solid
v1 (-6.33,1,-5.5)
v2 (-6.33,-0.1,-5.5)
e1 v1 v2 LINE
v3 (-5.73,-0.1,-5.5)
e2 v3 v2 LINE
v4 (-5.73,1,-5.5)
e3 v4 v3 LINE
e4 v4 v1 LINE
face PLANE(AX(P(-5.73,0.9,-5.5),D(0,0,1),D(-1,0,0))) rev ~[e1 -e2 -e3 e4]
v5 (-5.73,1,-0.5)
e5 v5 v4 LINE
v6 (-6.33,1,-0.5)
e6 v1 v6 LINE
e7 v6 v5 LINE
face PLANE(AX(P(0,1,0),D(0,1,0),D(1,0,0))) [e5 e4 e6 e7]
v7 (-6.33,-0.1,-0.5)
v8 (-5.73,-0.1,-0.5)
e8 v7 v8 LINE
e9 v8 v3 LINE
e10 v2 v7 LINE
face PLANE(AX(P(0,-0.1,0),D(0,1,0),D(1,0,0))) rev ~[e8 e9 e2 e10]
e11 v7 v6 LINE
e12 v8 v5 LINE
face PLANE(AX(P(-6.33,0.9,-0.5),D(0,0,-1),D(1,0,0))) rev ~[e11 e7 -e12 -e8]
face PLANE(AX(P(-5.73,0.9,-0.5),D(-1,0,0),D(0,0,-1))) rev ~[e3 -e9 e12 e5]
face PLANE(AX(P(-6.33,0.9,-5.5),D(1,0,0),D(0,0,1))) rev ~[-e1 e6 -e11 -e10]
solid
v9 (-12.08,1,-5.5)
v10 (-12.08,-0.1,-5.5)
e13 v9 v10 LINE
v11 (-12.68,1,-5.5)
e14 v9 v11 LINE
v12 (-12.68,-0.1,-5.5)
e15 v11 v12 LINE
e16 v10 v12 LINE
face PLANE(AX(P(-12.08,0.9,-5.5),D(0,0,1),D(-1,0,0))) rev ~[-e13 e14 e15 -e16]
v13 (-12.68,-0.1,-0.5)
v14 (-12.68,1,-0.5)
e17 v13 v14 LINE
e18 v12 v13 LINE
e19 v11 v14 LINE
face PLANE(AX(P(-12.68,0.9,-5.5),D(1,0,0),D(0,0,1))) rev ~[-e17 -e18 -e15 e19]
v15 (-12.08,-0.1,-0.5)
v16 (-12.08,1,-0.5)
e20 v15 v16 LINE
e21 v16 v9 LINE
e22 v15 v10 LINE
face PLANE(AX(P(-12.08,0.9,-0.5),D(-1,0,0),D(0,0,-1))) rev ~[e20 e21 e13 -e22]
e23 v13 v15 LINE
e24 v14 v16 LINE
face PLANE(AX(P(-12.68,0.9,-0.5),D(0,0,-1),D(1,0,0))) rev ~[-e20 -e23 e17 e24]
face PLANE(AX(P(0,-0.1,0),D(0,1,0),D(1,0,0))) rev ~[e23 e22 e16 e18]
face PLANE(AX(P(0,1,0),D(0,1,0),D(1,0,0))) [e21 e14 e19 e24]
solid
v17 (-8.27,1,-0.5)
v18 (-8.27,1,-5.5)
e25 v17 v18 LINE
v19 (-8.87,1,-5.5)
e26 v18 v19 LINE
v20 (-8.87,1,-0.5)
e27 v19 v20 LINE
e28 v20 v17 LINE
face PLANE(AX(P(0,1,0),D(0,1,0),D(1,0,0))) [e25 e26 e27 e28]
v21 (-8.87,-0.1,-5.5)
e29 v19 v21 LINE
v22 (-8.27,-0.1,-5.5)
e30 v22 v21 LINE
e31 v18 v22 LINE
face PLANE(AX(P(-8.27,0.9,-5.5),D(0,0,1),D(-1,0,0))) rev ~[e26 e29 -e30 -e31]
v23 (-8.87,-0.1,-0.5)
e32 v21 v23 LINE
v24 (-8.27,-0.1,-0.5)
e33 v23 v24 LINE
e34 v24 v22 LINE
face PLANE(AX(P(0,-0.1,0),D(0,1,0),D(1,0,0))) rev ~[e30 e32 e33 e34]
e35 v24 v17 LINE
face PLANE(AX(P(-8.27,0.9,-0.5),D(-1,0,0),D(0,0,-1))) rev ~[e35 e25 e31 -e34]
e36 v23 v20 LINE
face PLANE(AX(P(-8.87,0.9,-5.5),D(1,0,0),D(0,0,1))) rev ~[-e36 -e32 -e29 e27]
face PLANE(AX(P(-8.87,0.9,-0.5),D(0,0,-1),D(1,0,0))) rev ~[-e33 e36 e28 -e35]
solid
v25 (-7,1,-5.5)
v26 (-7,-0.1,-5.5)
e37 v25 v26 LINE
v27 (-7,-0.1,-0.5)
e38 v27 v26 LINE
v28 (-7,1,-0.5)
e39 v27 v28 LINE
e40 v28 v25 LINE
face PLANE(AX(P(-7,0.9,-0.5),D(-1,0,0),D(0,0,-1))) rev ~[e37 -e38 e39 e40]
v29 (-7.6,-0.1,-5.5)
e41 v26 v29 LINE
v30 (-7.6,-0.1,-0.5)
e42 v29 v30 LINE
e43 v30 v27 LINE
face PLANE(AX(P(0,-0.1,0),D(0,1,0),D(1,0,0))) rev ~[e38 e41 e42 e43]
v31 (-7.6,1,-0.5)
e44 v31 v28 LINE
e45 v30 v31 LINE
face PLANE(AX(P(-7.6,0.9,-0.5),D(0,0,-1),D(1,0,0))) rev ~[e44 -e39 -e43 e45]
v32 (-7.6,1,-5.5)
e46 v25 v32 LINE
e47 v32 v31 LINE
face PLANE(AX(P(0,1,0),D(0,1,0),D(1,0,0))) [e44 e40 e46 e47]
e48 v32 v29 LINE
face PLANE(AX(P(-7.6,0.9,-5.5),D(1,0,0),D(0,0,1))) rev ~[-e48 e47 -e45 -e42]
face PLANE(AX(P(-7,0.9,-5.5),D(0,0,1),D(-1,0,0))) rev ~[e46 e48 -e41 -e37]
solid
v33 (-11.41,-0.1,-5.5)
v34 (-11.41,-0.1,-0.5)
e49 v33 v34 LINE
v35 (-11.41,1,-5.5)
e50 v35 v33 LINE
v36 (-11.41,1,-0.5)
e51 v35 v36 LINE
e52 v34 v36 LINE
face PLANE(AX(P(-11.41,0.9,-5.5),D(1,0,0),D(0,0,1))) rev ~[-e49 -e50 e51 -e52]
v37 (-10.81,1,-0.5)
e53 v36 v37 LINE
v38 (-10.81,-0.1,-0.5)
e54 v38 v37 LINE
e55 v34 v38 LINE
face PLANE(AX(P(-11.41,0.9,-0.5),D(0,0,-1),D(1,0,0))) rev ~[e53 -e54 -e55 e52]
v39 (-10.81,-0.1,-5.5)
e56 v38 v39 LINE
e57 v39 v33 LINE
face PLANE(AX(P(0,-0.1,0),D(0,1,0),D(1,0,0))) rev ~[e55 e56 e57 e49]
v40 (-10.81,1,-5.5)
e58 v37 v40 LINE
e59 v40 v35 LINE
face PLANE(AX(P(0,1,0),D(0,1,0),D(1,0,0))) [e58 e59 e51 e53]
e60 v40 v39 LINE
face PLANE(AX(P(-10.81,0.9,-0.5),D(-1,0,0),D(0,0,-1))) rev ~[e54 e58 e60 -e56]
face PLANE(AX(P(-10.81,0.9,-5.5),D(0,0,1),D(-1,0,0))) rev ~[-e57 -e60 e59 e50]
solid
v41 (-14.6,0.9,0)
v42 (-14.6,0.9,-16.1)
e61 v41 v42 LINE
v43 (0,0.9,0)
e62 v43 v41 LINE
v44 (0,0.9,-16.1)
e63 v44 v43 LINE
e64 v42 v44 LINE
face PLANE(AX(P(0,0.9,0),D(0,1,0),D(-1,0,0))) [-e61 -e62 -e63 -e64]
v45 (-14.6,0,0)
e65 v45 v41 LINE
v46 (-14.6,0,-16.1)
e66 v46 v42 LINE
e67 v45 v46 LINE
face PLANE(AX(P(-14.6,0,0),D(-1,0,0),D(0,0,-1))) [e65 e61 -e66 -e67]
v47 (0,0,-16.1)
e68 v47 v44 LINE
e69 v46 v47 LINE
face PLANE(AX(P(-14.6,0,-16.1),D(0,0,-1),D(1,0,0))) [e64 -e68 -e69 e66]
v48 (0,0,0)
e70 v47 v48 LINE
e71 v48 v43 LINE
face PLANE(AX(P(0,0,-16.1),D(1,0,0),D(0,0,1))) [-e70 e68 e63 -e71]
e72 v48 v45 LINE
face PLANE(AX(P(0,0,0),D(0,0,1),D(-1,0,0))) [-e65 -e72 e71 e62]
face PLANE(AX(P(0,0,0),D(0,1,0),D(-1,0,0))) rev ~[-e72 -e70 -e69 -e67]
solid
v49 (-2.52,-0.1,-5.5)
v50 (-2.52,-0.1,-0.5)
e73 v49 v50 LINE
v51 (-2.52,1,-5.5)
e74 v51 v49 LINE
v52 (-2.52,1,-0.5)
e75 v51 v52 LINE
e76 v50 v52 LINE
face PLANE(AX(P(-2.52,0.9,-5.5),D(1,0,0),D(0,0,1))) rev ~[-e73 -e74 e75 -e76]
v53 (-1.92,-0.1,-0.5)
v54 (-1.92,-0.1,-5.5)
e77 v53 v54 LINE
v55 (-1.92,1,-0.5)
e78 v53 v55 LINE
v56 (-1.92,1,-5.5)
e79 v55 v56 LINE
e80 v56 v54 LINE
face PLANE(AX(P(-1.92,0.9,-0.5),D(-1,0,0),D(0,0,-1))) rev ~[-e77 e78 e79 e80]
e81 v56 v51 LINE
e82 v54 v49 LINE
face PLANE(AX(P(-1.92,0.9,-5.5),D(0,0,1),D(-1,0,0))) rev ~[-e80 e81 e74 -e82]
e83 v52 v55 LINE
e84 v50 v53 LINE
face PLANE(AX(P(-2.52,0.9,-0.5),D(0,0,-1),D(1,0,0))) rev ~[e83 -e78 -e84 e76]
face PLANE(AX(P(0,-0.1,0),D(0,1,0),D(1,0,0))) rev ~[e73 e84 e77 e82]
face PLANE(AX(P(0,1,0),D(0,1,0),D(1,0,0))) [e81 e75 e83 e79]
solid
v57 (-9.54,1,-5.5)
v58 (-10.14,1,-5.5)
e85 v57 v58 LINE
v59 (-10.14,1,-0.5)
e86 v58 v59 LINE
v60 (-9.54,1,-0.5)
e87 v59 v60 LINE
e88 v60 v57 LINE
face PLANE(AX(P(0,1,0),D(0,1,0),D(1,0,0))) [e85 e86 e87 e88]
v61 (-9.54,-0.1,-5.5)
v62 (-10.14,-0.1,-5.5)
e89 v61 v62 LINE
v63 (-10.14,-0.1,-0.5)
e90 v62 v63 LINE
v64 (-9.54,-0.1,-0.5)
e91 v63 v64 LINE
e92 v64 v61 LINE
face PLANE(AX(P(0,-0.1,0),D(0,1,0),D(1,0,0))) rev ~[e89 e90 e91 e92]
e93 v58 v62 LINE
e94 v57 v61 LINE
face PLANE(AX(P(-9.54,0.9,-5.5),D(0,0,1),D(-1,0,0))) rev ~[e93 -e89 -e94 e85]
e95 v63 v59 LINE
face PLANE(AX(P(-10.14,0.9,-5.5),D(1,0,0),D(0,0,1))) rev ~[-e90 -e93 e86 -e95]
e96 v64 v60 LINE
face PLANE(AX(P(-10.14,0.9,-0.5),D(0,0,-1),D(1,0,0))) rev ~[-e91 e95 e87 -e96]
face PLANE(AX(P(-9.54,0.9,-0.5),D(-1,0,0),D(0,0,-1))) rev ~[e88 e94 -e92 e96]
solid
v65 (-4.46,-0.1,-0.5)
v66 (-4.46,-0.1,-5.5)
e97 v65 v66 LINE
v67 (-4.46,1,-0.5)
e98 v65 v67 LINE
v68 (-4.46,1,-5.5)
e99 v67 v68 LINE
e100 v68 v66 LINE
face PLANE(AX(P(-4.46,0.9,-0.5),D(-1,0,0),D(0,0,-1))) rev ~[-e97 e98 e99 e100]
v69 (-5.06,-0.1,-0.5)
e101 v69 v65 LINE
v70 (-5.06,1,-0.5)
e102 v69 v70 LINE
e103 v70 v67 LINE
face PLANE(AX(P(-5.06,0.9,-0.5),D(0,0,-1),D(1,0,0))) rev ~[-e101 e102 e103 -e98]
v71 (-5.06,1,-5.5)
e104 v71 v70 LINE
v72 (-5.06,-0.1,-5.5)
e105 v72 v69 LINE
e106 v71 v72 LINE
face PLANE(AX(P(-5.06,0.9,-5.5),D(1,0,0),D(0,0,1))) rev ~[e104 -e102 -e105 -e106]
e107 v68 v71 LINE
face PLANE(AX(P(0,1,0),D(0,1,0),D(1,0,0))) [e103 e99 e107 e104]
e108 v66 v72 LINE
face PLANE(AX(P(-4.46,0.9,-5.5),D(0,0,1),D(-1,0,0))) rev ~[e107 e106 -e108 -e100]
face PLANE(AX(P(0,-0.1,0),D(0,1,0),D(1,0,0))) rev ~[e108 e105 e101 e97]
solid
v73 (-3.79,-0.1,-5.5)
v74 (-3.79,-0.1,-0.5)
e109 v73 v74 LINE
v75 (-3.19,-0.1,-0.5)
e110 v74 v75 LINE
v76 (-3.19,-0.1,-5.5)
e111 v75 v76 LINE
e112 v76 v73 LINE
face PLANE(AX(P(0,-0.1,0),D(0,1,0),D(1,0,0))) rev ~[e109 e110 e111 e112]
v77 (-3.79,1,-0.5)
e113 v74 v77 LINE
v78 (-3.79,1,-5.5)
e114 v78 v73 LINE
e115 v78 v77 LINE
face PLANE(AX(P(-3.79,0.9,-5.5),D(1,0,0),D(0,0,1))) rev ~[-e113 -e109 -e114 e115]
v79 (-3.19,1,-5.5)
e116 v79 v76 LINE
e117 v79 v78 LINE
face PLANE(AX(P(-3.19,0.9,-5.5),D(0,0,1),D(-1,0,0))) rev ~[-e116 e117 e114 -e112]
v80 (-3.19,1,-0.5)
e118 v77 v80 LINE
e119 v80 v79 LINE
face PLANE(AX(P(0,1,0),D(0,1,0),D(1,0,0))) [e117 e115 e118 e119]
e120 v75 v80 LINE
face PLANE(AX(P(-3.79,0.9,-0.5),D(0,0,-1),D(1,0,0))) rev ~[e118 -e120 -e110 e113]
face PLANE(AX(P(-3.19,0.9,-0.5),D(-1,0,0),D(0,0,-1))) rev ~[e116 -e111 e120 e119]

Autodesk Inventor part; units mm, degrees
ref_plane "YZ Plane" through (0, 0, 0) normal (1, 0, 0) x (0, 1, 0)
ref_plane "XZ Plane" through (0, 0, 0) normal (0, 1, 0) x (-1, 0, 0)
ref_plane "XY Plane" through (0, 0, 0) normal (0, 0, 1) x (1, 0, 0)
sketch "스케치1" plane through (0, 0, 0) normal (0, 1, 0) x (-1, 0, 0)
  line L0 (0, 0) -> (14.6, 0)
  line L1 (14.6, 0) -> (14.6, -16.1)
  line L2 (14.6, -16.1) -> (0, -16.1)
  line L3 (0, -16.1) -> (0, 0)
  dimension "d0" = 14.6
  dimension "d1" = 16.1
extrude "돌출1" add sketch "스케치1" along normal blind 0.9
sketch "스케치2" plane through (0, 0.9, 0) normal (0, 1, 0) x (1, 0, 0)
  line L0 (-12.68, 0.5) -> (-12.08, 0.5)
  line L1 (-12.08, 0.5) -> (-12.08, 5.5)
  line L2 (-12.08, 5.5) -> (-12.68, 5.5)
  line L3 (-12.68, 5.5) -> (-12.68, 0.5)
  line L4 (-14.6, 0) -> (0, 0) projected
  line L5 (-14.6, 16.1) -> (-14.6, 0) projected
  line L6 (-11.41, 0.5) -> (-10.81, 0.5)
  line L7 (-10.81, 0.5) -> (-10.81, 5.5)
  line L8 (-10.81, 5.5) -> (-11.41, 5.5)
  line L9 (-11.41, 5.5) -> (-11.41, 0.5)
  line L10 (-10.14, 0.5) -> (-9.54, 0.5)
  line L11 (-9.54, 0.5) -> (-9.54, 5.5)
  line L12 (-9.54, 5.5) -> (-10.14, 5.5)
  line L13 (-10.14, 5.5) -> (-10.14, 0.5)
  line L14 (-8.87, 0.5) -> (-8.27, 0.5)
  line L15 (-8.27, 0.5) -> (-8.27, 5.5)
  line L16 (-8.27, 5.5) -> (-8.87, 5.5)
  line L17 (-8.87, 5.5) -> (-8.87, 0.5)
  line L18 (-7.6, 0.5) -> (-7, 0.5)
  line L19 (-7, 0.5) -> (-7, 5.5)
  line L20 (-7, 5.5) -> (-7.6, 5.5)
  line L21 (-7.6, 5.5) -> (-7.6, 0.5)
  line L22 (-6.33, 0.5) -> (-5.73, 0.5)
  line L23 (-5.73, 0.5) -> (-5.73, 5.5)
  line L24 (-5.73, 5.5) -> (-6.33, 5.5)
  line L25 (-6.33, 5.5) -> (-6.33, 0.5)
  line L26 (-5.06, 0.5) -> (-4.46, 0.5)
  line L27 (-4.46, 0.5) -> (-4.46, 5.5)
  line L28 (-4.46, 5.5) -> (-5.06, 5.5)
  line L29 (-5.06, 5.5) -> (-5.06, 0.5)
  line L30 (-3.79, 0.5) -> (-3.19, 0.5)
  line L31 (-3.19, 0.5) -> (-3.19, 5.5)
  line L32 (-3.19, 5.5) -> (-3.79, 5.5)
  line L33 (-3.79, 5.5) -> (-3.79, 0.5)
  line L34 (-2.52, 0.5) -> (-1.92, 0.5)
  line L35 (-1.92, 0.5) -> (-1.92, 5.5)
  line L36 (-1.92, 5.5) -> (-2.52, 5.5)
  line L37 (-2.52, 5.5) -> (-2.52, 0.5)
  line L38 (0, 0) -> (0, 16.1) projected
  dimension "d4" = 0.6
  dimension "d5" = 5
  dimension "d6" = 0.5
  dimension "d7" = 1.92
  dimension "d10" = 1.27
  dimension "d15" = 1.92
extrude "돌출2" add sketch "스케치2" along normal blind 0.1 and the other way blind 1 separate body
properties part number "PCB"
